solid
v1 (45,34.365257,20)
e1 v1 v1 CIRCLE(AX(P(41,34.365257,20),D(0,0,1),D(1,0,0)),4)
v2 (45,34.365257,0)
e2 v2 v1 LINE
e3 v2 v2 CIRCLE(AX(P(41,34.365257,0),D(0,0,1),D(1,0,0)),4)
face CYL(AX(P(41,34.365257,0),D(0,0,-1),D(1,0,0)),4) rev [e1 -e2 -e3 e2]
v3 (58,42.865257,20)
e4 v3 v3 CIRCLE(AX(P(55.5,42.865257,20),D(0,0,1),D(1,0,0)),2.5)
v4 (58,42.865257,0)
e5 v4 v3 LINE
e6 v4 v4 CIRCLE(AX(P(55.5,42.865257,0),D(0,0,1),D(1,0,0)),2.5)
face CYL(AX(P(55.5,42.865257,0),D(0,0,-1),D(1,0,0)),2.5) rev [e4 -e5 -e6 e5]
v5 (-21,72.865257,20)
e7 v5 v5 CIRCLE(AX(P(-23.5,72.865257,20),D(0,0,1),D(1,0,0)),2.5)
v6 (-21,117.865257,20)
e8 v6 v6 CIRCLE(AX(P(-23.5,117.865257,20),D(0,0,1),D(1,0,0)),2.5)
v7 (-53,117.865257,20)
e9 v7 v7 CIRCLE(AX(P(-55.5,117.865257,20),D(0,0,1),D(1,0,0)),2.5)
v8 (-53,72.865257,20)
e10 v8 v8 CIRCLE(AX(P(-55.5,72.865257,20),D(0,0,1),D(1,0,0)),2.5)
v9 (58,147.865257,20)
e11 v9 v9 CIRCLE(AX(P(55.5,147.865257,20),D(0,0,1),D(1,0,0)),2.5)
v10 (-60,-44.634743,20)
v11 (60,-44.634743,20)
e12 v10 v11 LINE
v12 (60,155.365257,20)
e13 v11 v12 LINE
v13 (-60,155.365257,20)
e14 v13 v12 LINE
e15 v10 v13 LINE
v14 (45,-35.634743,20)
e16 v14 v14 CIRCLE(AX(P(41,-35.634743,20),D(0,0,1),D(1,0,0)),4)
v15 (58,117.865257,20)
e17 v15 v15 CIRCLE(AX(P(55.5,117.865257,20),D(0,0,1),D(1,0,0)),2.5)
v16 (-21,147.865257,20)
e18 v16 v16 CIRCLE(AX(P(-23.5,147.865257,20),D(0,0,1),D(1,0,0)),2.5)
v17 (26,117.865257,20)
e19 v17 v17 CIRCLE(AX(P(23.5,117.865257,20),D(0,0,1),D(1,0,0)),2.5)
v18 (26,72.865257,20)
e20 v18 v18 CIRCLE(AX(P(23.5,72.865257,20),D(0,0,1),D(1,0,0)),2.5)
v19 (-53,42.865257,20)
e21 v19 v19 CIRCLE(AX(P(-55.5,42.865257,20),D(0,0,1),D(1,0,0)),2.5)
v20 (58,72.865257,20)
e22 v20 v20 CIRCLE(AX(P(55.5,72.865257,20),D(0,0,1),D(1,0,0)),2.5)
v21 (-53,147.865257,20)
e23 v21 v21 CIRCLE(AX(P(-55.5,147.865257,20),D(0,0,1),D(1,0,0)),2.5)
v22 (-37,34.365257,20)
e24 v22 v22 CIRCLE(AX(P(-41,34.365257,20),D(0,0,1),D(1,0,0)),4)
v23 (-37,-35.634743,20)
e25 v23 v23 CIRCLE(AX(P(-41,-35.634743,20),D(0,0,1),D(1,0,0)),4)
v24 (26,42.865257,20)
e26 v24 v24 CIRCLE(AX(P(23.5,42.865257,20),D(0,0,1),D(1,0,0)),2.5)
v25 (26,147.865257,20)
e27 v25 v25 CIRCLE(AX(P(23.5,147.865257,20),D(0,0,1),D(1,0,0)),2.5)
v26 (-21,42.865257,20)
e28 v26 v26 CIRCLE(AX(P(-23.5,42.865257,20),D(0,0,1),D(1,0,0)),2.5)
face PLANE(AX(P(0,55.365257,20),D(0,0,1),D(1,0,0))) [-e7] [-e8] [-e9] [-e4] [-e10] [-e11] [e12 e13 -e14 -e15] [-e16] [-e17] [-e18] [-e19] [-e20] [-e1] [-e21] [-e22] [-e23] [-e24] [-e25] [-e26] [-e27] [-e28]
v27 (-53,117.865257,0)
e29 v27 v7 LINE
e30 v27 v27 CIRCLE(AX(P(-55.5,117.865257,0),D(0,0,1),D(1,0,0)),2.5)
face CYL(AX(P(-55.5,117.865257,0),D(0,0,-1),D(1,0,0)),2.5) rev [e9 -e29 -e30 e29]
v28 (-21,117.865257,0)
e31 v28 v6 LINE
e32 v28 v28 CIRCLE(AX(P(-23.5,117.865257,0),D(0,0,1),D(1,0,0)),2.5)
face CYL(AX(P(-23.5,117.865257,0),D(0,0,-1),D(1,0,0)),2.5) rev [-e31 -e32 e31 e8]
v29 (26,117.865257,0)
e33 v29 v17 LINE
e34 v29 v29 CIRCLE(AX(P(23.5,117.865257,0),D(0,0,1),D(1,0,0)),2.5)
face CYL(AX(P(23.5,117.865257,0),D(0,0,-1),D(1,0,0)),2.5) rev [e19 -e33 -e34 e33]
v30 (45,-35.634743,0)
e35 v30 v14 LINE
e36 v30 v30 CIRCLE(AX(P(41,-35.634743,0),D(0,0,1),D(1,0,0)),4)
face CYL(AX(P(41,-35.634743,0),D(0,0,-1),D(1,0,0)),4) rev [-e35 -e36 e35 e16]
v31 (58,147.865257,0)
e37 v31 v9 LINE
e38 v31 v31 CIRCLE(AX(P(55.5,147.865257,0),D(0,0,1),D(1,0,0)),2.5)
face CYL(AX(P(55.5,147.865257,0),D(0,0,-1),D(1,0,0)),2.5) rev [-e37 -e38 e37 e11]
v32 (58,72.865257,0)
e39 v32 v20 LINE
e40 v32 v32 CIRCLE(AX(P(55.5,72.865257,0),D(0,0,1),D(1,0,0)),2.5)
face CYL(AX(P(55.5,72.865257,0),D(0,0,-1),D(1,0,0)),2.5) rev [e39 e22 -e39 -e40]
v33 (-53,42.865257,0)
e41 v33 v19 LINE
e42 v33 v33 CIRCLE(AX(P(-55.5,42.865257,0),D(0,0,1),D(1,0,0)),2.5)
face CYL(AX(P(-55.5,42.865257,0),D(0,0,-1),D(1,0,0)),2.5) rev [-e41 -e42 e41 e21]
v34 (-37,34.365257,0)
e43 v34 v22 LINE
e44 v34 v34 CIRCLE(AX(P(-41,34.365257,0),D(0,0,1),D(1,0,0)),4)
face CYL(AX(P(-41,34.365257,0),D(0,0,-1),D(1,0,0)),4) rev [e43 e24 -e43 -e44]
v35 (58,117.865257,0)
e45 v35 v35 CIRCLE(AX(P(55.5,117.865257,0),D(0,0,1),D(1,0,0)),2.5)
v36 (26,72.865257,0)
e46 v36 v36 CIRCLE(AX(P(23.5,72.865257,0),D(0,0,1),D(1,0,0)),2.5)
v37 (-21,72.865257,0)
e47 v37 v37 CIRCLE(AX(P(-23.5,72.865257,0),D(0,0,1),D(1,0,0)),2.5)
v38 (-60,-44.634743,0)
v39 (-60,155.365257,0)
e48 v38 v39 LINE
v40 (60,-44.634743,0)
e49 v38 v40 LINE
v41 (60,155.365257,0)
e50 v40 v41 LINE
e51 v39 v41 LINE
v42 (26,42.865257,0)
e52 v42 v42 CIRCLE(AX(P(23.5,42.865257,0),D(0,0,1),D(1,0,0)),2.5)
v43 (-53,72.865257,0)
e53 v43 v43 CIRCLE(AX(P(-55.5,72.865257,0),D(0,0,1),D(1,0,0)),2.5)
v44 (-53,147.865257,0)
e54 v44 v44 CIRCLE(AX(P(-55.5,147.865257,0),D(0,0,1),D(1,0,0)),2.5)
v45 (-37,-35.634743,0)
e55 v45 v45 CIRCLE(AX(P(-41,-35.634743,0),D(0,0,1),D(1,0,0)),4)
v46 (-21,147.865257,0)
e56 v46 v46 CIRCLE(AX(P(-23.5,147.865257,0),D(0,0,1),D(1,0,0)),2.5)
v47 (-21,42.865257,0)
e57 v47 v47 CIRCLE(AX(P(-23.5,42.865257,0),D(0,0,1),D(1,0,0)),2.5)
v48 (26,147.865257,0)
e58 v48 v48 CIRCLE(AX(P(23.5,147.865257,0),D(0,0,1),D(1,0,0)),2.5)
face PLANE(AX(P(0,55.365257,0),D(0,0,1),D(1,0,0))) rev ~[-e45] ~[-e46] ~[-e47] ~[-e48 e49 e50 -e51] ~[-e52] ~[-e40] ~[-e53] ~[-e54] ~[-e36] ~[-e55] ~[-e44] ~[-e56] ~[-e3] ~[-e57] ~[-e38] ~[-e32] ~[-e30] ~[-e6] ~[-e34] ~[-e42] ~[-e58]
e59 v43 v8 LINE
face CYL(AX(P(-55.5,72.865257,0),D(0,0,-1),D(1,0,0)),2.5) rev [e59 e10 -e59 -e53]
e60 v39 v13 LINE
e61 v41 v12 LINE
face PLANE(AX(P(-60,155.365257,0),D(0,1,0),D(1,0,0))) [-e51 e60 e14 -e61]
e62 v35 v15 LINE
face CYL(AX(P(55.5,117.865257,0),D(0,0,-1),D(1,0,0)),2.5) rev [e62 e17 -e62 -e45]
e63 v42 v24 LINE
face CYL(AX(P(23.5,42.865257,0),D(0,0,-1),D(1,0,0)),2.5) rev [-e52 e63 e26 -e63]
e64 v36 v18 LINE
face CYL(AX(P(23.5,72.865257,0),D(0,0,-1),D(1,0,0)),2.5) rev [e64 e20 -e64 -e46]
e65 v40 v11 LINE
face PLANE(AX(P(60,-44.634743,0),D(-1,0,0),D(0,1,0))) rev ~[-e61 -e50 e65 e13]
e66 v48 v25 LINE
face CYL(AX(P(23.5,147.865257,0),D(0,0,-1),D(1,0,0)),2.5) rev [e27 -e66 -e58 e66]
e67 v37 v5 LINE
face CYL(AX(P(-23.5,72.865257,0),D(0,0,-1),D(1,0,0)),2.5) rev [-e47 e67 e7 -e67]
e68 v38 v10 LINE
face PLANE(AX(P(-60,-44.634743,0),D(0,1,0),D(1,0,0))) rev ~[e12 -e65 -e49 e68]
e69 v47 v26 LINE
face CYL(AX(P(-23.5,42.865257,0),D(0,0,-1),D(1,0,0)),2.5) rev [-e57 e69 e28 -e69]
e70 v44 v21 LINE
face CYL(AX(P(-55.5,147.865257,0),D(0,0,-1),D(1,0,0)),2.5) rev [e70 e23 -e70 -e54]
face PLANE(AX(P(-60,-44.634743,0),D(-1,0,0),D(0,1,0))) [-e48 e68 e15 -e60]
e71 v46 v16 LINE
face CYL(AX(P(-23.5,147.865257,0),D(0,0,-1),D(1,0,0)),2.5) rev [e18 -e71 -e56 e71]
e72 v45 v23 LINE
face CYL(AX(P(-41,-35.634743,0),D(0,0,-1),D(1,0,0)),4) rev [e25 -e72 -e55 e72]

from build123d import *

# Parameters (mm, degrees)
F0_W     = 120
F0_H     = 200
F0_R     = 4
F0_R_2   = 2.5
F1_DEPTH = 20


with BuildPart() as f1:
    # F0 (on Top) → F1 (new body)
    with BuildSketch(Plane.XY):
        with Locations((0, 55.365257)):
            Rectangle(F0_W, F0_H)
        with Locations((-41, -35.634743)):
            Circle(F0_R, mode=Mode.SUBTRACT)
        with Locations((-55.5, 42.865257)):
            Circle(F0_R_2, mode=Mode.SUBTRACT)
        with Locations((-41, 34.365257)):
            Circle(F0_R, mode=Mode.SUBTRACT)
        with Locations((-23.5, 42.865257)):
            Circle(F0_R_2, mode=Mode.SUBTRACT)
        with Locations((41, -35.634743)):
            Circle(F0_R, mode=Mode.SUBTRACT)
        with Locations((23.5, 42.865257)):
            Circle(F0_R_2, mode=Mode.SUBTRACT)
        with Locations((41, 34.365257)):
            Circle(F0_R, mode=Mode.SUBTRACT)
        with Locations((55.5, 42.865257)):
            Circle(F0_R_2, mode=Mode.SUBTRACT)
        with Locations((-55.5, 72.865257)):
            Circle(F0_R_2, mode=Mode.SUBTRACT)
        with Locations((-23.5, 72.865257)):
            Circle(F0_R_2, mode=Mode.SUBTRACT)
        with Locations((-55.5, 117.865257)):
            Circle(F0_R_2, mode=Mode.SUBTRACT)
        with Locations((-55.5, 147.865257)):
            Circle(F0_R_2, mode=Mode.SUBTRACT)
        with Locations((-23.5, 117.865257)):
            Circle(F0_R_2, mode=Mode.SUBTRACT)
        with Locations((-23.5, 147.865257)):
            Circle(F0_R_2, mode=Mode.SUBTRACT)
        with Locations((23.5, 72.865257)):
            Circle(F0_R_2, mode=Mode.SUBTRACT)
        with Locations((55.5, 72.865257)):
            Circle(F0_R_2, mode=Mode.SUBTRACT)
        with Locations((23.5, 117.865257)):
            Circle(F0_R_2, mode=Mode.SUBTRACT)
        with Locations((23.5, 147.865257)):
            Circle(F0_R_2, mode=Mode.SUBTRACT)
        with Locations((55.5, 117.865257)):
            Circle(F0_R_2, mode=Mode.SUBTRACT)
        with Locations((55.5, 147.865257)):
            Circle(F0_R_2, mode=Mode.SUBTRACT)
    extrude(amount=F1_DEPTH)


solid = f1.part
